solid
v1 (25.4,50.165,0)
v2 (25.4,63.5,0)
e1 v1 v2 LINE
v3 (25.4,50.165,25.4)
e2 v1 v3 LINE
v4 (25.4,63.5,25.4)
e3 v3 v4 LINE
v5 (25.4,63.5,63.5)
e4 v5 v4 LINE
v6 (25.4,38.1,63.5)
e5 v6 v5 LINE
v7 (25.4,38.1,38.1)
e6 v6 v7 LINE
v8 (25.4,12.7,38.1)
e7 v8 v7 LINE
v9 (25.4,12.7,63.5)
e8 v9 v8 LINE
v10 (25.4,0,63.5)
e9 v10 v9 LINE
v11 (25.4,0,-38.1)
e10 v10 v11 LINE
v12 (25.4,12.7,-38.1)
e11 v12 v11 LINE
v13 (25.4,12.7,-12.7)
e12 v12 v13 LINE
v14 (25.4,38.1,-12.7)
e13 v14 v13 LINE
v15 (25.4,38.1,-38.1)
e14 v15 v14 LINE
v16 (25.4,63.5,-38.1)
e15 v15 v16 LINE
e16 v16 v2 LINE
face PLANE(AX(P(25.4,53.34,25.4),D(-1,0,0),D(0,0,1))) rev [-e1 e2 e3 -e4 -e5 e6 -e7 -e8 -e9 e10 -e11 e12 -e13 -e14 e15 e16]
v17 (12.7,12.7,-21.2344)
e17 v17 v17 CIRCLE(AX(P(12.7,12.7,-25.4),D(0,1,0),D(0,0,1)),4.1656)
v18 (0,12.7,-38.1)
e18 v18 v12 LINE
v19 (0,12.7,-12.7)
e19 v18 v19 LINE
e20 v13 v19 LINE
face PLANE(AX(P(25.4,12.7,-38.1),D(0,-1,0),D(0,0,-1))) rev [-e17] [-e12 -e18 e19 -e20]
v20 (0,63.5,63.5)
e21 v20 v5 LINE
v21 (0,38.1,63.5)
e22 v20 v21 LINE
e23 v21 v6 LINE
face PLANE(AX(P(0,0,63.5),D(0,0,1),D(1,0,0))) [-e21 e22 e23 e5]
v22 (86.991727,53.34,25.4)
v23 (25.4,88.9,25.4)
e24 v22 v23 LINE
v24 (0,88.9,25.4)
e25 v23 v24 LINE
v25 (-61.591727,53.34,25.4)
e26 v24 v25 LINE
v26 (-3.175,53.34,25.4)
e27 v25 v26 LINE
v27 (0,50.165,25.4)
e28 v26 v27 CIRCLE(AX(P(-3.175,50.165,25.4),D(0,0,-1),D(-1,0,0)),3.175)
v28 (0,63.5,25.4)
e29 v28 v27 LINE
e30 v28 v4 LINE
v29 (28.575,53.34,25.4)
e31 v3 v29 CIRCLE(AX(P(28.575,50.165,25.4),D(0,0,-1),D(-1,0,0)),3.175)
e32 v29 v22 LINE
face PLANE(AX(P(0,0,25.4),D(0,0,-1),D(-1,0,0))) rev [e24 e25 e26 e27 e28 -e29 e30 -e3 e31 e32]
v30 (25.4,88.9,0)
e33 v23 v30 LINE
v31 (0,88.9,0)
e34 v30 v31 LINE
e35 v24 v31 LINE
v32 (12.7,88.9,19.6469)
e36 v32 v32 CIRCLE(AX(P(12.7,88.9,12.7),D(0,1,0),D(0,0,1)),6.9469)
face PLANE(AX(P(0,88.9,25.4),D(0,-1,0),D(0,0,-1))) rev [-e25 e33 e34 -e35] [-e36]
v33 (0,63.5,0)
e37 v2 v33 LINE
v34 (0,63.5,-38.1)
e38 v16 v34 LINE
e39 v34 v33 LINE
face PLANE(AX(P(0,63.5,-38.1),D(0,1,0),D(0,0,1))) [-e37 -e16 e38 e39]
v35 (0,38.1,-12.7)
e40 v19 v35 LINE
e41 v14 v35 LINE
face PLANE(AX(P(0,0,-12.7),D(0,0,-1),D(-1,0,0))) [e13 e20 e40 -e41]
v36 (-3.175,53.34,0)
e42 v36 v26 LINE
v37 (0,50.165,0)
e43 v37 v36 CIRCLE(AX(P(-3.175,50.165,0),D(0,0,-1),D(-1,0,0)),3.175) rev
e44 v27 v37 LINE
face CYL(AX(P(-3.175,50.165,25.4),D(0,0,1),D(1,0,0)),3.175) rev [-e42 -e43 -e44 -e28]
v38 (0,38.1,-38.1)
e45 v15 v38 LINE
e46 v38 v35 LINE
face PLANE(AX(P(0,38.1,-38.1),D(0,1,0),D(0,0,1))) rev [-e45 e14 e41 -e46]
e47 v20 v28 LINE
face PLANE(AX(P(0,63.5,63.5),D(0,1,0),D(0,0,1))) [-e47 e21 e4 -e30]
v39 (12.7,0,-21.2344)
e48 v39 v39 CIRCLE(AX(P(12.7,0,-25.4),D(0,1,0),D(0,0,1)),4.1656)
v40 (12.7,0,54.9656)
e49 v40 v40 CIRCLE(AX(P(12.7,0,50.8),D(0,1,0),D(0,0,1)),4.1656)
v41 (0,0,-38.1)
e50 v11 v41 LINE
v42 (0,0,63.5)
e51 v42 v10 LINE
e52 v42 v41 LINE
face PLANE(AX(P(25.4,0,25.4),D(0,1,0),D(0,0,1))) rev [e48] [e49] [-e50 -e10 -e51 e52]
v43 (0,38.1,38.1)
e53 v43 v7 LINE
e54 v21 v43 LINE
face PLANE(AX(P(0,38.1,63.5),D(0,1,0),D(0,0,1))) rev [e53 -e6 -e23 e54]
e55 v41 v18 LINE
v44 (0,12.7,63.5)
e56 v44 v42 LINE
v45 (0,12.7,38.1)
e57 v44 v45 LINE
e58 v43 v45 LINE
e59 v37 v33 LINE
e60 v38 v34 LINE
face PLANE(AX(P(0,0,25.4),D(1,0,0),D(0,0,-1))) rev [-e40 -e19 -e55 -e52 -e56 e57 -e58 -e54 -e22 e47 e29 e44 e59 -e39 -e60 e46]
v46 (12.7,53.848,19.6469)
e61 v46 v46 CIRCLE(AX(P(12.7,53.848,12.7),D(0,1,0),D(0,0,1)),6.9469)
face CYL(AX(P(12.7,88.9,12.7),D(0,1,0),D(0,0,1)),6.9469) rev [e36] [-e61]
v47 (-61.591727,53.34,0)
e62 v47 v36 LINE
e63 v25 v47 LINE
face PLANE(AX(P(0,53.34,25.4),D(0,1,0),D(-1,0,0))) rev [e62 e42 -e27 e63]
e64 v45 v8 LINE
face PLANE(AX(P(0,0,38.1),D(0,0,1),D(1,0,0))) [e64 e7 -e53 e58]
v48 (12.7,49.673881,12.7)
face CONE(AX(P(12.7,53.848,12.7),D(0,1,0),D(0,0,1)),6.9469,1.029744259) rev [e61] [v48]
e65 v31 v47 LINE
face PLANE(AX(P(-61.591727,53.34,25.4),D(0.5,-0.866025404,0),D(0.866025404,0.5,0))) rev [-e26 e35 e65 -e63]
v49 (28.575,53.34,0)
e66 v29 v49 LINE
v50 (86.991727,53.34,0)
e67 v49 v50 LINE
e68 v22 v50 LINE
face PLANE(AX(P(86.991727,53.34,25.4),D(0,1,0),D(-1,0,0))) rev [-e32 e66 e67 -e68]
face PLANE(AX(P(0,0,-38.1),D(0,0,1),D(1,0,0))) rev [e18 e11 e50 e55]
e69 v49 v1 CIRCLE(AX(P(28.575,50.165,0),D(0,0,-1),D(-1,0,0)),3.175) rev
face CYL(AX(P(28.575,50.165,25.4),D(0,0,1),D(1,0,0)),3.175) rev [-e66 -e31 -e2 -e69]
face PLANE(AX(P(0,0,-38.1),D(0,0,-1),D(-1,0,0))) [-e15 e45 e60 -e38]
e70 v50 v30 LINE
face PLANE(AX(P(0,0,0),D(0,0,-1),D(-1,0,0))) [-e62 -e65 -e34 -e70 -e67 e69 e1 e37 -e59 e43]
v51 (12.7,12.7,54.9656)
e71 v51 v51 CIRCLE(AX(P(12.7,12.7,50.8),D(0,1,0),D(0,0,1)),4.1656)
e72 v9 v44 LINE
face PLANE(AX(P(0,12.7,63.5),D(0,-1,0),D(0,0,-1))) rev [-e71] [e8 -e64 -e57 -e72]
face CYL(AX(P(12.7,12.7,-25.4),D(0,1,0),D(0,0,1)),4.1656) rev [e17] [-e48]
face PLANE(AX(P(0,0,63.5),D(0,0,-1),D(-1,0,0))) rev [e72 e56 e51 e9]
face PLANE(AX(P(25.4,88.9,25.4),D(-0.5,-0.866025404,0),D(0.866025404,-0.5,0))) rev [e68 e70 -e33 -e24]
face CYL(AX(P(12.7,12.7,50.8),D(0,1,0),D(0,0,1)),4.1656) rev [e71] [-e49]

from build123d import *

# Parameters (mm, degrees)
BOSS_EXTRUDE1_DEPTH        = 25.4
SKETCH2_W                  = 25.4
SKETCH2_H                  = 12.7
BOSS_EXTRUDE2_DEPTH        = 38.1
SKETCH3_W                  = 25.4
SKETCH3_H                  = 12.7
BOSS_EXTRUDE3_DEPTH        = 38.1
F_0_328IN_DOWEL_HOLE1_D    = 8.3312
F_0_55IN_DOWEL_HOLE2_D     = 13.8938
F_0_55IN_DOWEL_HOLE2_DEPTH = 35.052
F_0_55IN_DOWEL_HOLE2_TIP   = 4.174118634
FILLET1_R                  = 3.175
SKETCH8_W                  = 25.4
SKETCH8_H                  = 25.4
BOSS_EXTRUDE4_DEPTH        = 12.7
BOSS_EXTRUDE5_DEPTH        = 38.1
SKETCH9_W                  = 25.4
SKETCH9_H                  = 25.4
BOSS_EXTRUDE6_DEPTH        = 12.7
BOSS_EXTRUDE7_DEPTH        = 38.1


with BuildPart() as part:
    # Sketch1 → Boss-Extrude1 (new body)
    with BuildSketch(Plane.XY):
        Polygon((0, 0), (0, 53.34), (-61.591726717, 53.34), (0, 88.9), (25.4, 88.9), (86.991726717, 53.34), (25.4, 53.34), (25.4, 0), align=None)
    extrude(amount=BOSS_EXTRUDE1_DEPTH)

    # Sketch2 → Boss-Extrude2 (add)
    with BuildSketch(Plane.XY.offset(25.4)):
        with Locations((12.7, 6.35)):
            Rectangle(SKETCH2_W, SKETCH2_H)
    extrude(amount=BOSS_EXTRUDE2_DEPTH)

    # Sketch3 → Boss-Extrude3 (add)
    with BuildSketch(Plane(origin=(0, 0, 0), x_dir=(-1, 0, 0), z_dir=(0, 0, -1))):
        with Locations((-12.7, 6.35)):
            Rectangle(SKETCH3_W, SKETCH3_H)
    extrude(amount=BOSS_EXTRUDE3_DEPTH)

    # Ø0.328in Dowel Hole1 (through all)
    with Locations(Plane(origin=(0, 12.7, 0), x_dir=(1, 0, 0), z_dir=(0, 1, 0))):
        with Locations((12.7, 25.4), (12.7, -50.8)):
            Hole(F_0_328IN_DOWEL_HOLE1_D / 2)

    # Ø0.55in Dowel Hole2
    with Locations(Plane(origin=(0, 88.9, 0), x_dir=(1, 0, 0), z_dir=(0, 1, 0))):
        with Locations((12.7, -12.7)):
            Hole(F_0_55IN_DOWEL_HOLE2_D / 2, depth=F_0_55IN_DOWEL_HOLE2_DEPTH)
            with Locations((0, 0, -(F_0_55IN_DOWEL_HOLE2_DEPTH + F_0_55IN_DOWEL_HOLE2_TIP / 2))):  # 118° drill point
                Cone(0, F_0_55IN_DOWEL_HOLE2_D / 2, F_0_55IN_DOWEL_HOLE2_TIP, mode=Mode.SUBTRACT)

    # Fillet1
    fillet1_edges = [part.edges().sort_by_distance(p)[0] for p in [
        (0, 53.34, 12.7),
        (25.4, 53.34, 12.7),
    ]]
    fillet(fillet1_edges, radius=FILLET1_R)

    # Sketch8 → Boss-Extrude4 (add)
    with BuildSketch(Plane.XY.offset(25.4)):
        with Locations((12.7, 25.4)):
            Rectangle(SKETCH8_W, SKETCH8_H)
    extrude(amount=BOSS_EXTRUDE4_DEPTH)

    # Sketch8<3> → Boss-Extrude5 (add)
    with BuildSketch(Plane.XY.offset(25.4)):
        Polygon((0, 50.165), (0, 38.1), (25.4, 38.1), (25.4, 63.5), (0, 63.5), align=None)
    extrude(amount=BOSS_EXTRUDE5_DEPTH)

    # Sketch9 → Boss-Extrude6 (add)
    with BuildSketch(Plane(origin=(0, 0, 0), x_dir=(-1, 0, 0), z_dir=(0, 0, -1))):
        with Locations((-12.7, 25.4)):
            Rectangle(SKETCH9_W, SKETCH9_H)
    extrude(amount=BOSS_EXTRUDE6_DEPTH)

    # Sketch9<3> → Boss-Extrude7 (add)
    with BuildSketch(Plane(origin=(0, 0, 0), x_dir=(-1, 0, 0), z_dir=(0, 0, -1))):
        Polygon((-25.4, 50.165), (-25.4, 38.1), (0, 38.1), (0, 50.165), (0, 63.5), (-25.4, 63.5), align=None)
    extrude(amount=BOSS_EXTRUDE7_DEPTH)


solid = part.part
